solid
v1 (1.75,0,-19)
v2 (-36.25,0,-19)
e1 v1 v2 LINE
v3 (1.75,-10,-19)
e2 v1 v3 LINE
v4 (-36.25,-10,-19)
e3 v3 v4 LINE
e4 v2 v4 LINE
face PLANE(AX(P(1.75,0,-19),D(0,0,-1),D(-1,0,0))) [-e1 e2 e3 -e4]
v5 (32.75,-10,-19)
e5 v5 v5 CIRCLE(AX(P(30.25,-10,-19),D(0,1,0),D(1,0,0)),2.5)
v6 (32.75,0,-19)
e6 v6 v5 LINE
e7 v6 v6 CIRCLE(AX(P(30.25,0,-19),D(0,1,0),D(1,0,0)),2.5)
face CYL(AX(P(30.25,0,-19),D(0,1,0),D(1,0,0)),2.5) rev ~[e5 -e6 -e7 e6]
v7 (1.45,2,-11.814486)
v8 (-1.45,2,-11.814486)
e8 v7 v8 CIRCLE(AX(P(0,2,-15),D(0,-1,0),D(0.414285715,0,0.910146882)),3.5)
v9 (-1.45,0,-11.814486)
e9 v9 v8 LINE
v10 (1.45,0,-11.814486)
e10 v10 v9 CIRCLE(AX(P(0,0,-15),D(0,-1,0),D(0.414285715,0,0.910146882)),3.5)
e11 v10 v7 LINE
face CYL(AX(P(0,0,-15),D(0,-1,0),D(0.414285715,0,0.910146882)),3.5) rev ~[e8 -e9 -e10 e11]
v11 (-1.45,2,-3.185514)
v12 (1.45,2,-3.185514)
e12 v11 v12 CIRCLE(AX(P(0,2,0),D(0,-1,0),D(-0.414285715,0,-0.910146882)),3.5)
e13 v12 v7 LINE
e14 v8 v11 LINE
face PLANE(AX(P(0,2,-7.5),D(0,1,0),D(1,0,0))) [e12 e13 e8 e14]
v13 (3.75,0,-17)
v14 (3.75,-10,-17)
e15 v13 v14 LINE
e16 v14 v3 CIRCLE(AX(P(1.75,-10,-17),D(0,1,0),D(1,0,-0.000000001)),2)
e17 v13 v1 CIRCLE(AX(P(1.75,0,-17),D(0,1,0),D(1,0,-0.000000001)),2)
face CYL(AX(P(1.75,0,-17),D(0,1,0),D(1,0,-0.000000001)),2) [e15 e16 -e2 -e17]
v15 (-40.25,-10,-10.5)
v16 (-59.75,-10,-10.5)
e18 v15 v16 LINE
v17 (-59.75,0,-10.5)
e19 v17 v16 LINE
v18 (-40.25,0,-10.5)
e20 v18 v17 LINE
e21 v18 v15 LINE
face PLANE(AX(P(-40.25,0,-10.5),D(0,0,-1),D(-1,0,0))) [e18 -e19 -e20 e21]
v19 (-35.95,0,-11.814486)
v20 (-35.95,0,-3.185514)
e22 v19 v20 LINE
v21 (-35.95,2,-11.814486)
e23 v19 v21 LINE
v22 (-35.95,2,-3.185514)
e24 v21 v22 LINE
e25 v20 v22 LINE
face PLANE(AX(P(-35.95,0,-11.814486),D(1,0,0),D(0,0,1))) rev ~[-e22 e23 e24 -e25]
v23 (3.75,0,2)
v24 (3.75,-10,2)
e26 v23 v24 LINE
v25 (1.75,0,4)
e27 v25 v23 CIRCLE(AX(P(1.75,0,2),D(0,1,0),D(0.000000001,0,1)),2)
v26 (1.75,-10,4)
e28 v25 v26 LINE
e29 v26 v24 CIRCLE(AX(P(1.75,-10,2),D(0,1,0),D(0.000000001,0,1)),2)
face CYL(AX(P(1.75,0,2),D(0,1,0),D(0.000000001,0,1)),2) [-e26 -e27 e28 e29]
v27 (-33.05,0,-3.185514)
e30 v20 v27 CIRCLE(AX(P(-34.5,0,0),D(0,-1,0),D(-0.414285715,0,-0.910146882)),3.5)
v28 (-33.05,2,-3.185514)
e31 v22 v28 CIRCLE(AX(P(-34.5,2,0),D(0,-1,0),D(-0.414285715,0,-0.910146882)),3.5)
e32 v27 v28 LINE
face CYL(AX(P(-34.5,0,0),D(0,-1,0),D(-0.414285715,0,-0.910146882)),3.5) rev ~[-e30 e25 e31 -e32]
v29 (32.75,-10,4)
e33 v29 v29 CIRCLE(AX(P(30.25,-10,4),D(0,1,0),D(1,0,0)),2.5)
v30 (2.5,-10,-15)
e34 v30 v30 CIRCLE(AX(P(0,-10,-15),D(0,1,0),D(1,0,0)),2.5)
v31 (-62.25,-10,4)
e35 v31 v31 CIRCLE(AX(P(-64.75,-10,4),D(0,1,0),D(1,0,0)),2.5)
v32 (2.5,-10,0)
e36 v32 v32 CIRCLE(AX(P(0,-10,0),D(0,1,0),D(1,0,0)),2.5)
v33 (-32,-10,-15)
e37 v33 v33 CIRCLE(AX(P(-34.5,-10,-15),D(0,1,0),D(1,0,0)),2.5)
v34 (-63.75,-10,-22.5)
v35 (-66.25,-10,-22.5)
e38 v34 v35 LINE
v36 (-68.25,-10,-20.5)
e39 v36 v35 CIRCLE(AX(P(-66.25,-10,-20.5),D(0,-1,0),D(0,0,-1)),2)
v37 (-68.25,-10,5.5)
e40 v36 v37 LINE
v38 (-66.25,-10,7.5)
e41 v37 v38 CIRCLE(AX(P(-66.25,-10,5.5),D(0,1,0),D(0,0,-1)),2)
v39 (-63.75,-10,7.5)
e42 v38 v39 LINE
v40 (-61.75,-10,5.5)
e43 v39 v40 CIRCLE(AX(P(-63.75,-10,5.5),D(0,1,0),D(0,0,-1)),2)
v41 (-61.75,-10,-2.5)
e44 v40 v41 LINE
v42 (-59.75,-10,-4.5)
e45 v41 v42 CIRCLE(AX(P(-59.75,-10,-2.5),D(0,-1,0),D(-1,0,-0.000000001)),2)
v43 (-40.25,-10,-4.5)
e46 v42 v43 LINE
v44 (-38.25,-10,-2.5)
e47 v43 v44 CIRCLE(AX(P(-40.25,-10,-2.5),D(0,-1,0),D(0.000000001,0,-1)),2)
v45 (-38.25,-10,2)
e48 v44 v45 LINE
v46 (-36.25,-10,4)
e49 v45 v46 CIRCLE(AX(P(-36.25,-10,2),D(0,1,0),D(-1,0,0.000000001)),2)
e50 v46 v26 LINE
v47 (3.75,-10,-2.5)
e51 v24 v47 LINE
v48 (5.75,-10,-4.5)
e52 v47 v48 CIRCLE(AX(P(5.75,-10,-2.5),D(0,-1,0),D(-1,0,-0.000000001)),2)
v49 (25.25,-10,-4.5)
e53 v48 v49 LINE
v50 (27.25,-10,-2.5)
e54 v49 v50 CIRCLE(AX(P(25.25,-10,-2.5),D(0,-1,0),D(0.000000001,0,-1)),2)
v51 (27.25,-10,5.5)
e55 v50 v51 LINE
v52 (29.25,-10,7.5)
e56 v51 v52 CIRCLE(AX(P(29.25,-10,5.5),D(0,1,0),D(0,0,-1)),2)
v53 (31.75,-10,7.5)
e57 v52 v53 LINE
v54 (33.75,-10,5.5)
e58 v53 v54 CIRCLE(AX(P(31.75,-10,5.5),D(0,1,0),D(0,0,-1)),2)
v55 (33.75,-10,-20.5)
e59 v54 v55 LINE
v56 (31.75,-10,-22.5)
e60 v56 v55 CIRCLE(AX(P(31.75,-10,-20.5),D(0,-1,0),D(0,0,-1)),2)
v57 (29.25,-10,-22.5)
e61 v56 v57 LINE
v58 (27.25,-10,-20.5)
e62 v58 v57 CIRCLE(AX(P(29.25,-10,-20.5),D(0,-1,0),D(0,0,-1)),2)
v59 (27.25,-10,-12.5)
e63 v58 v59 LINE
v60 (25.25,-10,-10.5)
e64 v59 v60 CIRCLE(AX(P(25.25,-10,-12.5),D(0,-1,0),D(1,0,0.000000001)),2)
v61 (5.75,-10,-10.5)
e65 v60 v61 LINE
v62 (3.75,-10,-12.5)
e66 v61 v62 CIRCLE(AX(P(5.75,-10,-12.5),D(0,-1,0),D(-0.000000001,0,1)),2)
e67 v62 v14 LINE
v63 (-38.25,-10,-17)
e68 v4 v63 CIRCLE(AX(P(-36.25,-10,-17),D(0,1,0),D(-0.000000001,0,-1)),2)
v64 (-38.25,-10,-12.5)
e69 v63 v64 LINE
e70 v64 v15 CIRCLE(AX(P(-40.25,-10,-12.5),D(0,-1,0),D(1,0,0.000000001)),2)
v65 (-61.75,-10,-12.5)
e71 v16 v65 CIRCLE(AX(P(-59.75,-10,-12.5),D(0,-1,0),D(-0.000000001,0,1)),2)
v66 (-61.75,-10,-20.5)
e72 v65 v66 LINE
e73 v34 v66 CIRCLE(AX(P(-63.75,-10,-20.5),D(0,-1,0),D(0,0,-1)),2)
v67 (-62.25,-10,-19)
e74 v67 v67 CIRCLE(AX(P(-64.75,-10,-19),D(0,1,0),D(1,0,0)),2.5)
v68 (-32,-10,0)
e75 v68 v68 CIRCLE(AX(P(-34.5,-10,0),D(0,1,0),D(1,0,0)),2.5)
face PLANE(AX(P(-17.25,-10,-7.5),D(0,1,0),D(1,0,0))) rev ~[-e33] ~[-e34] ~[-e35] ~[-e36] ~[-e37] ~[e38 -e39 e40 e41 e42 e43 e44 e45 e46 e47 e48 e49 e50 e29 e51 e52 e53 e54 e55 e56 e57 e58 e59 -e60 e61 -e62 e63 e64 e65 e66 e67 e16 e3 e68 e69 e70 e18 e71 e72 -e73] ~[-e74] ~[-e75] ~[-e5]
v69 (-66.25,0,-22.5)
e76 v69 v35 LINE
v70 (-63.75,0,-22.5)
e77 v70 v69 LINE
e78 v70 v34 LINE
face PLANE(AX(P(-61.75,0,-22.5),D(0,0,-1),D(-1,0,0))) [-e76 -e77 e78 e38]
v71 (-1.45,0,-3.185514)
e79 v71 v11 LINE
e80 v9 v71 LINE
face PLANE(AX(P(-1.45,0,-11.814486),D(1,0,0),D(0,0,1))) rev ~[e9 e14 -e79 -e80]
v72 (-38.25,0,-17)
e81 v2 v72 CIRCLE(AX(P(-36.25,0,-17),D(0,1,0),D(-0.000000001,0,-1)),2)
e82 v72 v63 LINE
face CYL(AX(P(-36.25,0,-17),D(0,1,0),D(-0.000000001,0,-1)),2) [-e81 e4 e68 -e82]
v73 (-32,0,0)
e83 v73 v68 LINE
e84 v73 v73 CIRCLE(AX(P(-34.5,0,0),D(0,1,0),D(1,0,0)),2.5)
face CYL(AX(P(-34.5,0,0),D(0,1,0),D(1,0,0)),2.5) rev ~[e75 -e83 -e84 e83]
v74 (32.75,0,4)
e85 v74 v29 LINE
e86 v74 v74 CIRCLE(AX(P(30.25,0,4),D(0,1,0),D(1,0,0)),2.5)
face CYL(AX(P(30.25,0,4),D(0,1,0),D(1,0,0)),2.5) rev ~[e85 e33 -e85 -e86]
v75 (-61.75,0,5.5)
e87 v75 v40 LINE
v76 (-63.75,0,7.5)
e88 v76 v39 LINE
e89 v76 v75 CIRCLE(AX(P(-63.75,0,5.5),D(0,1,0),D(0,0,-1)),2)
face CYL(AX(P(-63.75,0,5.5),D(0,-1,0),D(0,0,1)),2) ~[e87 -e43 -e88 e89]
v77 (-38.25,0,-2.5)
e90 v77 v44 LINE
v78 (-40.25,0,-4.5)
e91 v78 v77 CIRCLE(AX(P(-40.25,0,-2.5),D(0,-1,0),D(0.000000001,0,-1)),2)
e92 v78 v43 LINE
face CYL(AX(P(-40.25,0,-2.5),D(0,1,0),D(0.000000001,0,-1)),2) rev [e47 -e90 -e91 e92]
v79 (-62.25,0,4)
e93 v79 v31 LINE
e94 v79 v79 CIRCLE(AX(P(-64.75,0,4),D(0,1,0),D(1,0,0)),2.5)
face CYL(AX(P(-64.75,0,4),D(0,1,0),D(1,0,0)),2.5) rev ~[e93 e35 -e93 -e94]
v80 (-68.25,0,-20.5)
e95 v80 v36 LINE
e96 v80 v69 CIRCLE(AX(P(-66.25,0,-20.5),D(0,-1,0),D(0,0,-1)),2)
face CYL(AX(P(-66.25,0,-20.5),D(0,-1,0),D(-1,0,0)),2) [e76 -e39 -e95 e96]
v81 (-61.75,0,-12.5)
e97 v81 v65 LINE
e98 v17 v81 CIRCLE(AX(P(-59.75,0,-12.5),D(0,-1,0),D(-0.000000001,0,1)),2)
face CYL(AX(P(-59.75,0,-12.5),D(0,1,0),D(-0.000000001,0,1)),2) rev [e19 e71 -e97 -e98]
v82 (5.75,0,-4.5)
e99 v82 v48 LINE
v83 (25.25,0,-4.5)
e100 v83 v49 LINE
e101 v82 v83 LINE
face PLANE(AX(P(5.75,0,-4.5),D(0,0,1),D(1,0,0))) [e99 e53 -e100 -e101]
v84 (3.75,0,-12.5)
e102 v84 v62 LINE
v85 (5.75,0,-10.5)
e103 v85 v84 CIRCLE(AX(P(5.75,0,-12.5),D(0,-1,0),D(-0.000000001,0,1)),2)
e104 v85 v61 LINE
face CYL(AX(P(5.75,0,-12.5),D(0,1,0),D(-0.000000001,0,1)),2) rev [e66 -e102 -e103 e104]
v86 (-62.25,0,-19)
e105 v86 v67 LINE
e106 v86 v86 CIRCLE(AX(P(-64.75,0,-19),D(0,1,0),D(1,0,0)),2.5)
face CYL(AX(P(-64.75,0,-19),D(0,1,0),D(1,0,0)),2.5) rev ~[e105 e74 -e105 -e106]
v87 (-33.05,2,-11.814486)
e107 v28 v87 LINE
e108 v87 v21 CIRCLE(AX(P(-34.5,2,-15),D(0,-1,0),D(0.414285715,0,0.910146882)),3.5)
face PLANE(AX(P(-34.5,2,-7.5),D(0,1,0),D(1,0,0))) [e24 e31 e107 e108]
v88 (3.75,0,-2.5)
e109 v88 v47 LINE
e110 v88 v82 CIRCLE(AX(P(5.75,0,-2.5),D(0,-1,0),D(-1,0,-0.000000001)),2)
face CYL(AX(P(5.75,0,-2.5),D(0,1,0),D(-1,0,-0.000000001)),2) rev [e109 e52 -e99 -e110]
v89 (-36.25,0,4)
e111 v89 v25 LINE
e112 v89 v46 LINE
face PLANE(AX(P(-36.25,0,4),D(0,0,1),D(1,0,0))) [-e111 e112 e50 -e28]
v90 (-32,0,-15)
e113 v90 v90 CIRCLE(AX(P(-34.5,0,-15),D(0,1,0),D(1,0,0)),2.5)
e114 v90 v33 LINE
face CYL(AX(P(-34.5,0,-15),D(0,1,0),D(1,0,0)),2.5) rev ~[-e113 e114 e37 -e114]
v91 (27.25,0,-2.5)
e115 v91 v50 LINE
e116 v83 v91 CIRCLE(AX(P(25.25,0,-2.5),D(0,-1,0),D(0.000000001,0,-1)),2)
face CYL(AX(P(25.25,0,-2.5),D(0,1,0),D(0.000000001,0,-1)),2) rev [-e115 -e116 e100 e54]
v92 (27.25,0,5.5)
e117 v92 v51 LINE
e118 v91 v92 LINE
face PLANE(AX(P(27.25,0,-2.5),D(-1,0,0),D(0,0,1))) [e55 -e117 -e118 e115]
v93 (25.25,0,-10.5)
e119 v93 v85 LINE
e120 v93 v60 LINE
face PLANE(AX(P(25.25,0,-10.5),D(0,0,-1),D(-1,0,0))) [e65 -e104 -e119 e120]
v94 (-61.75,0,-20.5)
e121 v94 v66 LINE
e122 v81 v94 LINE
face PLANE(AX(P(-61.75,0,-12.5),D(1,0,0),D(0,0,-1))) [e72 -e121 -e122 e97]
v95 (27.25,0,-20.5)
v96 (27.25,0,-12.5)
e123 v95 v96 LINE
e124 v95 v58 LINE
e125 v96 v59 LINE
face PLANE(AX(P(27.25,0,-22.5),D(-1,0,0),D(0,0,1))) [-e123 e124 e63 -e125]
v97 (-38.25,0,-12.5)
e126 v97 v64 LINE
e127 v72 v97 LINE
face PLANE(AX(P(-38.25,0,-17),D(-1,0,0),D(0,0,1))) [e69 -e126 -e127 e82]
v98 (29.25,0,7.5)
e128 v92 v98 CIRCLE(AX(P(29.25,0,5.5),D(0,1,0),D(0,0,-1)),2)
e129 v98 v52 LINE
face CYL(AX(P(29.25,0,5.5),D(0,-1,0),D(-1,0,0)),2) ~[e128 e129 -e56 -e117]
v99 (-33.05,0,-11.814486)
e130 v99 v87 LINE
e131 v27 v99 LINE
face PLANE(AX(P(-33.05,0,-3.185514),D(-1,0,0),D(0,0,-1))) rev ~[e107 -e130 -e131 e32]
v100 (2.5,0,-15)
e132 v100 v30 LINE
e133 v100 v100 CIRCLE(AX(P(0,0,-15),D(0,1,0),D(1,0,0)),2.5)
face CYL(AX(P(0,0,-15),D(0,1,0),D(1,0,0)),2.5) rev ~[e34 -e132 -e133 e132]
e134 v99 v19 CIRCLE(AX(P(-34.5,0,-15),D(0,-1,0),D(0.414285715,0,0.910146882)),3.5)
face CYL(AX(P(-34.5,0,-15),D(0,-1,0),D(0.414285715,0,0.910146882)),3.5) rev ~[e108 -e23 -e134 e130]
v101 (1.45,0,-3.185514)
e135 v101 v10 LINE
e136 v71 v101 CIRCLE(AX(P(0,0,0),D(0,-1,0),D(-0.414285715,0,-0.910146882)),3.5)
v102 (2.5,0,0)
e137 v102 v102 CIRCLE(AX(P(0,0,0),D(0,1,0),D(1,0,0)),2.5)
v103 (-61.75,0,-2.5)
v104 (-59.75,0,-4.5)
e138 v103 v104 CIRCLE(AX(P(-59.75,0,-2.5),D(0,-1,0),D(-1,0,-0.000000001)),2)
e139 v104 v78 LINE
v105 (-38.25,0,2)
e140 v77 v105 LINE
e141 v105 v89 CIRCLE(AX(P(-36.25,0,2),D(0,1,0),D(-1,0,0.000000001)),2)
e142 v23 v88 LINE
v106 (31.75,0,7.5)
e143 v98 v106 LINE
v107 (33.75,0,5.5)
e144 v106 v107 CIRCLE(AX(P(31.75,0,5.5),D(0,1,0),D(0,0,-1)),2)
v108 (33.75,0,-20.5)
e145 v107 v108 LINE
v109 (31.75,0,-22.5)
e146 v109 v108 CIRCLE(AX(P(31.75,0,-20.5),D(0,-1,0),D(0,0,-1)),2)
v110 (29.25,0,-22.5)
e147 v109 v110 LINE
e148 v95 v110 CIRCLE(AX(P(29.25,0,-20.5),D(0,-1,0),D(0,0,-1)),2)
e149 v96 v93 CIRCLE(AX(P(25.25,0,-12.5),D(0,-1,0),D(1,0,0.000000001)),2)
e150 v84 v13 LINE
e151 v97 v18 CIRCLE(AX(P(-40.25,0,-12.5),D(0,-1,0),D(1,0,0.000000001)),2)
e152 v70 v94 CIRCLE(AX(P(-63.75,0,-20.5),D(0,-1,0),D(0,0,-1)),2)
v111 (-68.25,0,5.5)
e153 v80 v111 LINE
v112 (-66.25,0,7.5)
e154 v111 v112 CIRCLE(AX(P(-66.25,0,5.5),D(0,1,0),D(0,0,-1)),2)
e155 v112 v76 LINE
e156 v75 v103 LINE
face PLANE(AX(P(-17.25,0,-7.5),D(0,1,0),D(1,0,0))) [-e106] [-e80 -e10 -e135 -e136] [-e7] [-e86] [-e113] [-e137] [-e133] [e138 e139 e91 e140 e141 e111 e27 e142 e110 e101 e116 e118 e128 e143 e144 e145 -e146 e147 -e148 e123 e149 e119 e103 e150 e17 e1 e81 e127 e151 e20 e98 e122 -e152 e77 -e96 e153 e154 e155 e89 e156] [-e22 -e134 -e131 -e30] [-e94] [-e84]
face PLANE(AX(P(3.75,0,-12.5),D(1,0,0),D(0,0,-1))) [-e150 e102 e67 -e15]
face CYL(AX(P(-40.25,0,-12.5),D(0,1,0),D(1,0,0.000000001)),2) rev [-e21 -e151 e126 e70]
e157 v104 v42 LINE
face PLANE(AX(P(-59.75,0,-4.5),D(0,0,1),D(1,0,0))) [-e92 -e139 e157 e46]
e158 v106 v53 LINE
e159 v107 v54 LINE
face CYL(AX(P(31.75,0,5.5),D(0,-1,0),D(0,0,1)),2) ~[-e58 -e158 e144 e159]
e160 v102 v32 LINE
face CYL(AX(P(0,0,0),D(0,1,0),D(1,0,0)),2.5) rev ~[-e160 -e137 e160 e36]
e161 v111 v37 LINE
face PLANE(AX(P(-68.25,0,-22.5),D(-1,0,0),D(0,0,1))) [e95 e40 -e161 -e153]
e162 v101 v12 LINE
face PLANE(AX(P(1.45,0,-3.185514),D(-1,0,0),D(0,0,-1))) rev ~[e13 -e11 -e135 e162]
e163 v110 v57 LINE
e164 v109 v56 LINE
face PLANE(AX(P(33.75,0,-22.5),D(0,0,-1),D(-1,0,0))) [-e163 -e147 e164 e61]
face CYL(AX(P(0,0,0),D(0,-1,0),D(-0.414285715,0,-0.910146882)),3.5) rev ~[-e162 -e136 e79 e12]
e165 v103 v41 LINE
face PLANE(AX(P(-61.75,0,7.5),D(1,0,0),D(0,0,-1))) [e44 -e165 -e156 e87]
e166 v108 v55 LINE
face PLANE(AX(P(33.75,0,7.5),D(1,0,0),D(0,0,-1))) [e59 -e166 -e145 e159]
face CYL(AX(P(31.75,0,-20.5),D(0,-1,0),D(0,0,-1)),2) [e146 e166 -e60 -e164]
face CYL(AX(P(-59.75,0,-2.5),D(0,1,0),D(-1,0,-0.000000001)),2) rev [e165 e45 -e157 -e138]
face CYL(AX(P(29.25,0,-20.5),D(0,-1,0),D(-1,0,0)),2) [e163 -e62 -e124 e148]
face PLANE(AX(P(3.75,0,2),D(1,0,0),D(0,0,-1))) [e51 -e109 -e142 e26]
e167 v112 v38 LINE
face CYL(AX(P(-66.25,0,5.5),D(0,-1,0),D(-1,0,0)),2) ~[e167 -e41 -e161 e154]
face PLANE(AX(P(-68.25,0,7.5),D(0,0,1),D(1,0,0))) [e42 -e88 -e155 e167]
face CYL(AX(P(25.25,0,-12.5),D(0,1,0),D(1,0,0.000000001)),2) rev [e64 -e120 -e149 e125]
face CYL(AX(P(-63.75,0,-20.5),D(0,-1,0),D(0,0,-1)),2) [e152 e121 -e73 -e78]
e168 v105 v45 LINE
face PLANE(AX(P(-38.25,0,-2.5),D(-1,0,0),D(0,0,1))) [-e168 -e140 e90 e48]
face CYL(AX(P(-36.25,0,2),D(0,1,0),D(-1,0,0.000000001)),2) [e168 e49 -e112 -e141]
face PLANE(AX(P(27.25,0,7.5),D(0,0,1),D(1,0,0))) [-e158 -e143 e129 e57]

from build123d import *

# Parameters (mm, degrees)
SKETCH2_R           = 2.5
BOSS_EXTRUDE1_DEPTH = 10
BOSS_EXTRUDE2_DEPTH = 2
FILLET1_R           = 2


with BuildPart() as part:
    # Sketch2 → Boss-Extrude1 (new body)
    with BuildSketch(Plane(origin=(0, 0, 0), x_dir=(1, 0, 0), z_dir=(0, 1, 0))):
        with BuildLine():
            Line((-68.25, 22.5), (-68.25, -7.5))
            Line((-68.25, -7.5), (-61.75, -7.5))
            Line((-61.75, -7.5), (-61.75, 2.5))
            ThreePointArc((-61.75, 2.5), (-61.164213562, 3.914213562), (-59.75, 4.5))
            Line((-59.75, 4.5), (-40.25, 4.5))
            ThreePointArc((-40.25, 4.5), (-38.835786438, 3.914213562), (-38.25, 2.5))
            Line((-38.25, 2.5), (-38.25, -2))
            ThreePointArc((-38.25, -2), (-37.664213562, -3.414213562), (-36.25, -4))
            Line((-36.25, -4), (1.75, -4))
            ThreePointArc((1.75, -4), (3.164213562, -3.414213562), (3.75, -2))
            Line((3.75, -2), (3.75, 2.5))
            ThreePointArc((3.75, 2.5), (4.335786438, 3.914213562), (5.75, 4.5))
            Line((5.75, 4.5), (25.25, 4.5))
            ThreePointArc((25.25, 4.5), (26.664213562, 3.914213562), (27.25, 2.5))
            Line((27.25, 2.5), (27.25, -7.5))
            Line((27.25, -7.5), (33.75, -7.5))
            Line((33.75, -7.5), (33.75, 22.5))
            Line((33.75, 22.5), (27.25, 22.5))
            Line((27.25, 22.5), (27.25, 12.5))
            ThreePointArc((27.25, 12.5), (26.664213562, 11.085786438), (25.25, 10.5))
            Line((25.25, 10.5), (5.75, 10.5))
            ThreePointArc((5.75, 10.5), (4.335786438, 11.085786438), (3.75, 12.5))
            Line((3.75, 12.5), (3.75, 17))
            ThreePointArc((3.75, 17), (3.164213562, 18.414213562), (1.75, 19))
            Line((1.75, 19), (-36.25, 19))
            ThreePointArc((-36.25, 19), (-37.664213562, 18.414213562), (-38.25, 17))
            Line((-38.25, 17), (-38.25, 12.5))
            ThreePointArc((-38.25, 12.5), (-38.835786438, 11.085786438), (-40.25, 10.5))
            Line((-40.25, 10.5), (-59.75, 10.5))
            ThreePointArc((-59.75, 10.5), (-61.164213562, 11.085786438), (-61.75, 12.5))
            Line((-61.75, 12.5), (-61.75, 22.5))
            Line((-61.75, 22.5), (-68.25, 22.5))
        make_face()
        with Locations((-34.5, 0)):
            Circle(SKETCH2_R, mode=Mode.SUBTRACT)
        Circle(SKETCH2_R, mode=Mode.SUBTRACT)
        with Locations((-34.5, 15)):
            Circle(SKETCH2_R, mode=Mode.SUBTRACT)
        with Locations((0, 15)):
            Circle(SKETCH2_R, mode=Mode.SUBTRACT)
        with Locations((30.25, 19)):
            Circle(SKETCH2_R, mode=Mode.SUBTRACT)
        with Locations((30.25, -4)):
            Circle(SKETCH2_R, mode=Mode.SUBTRACT)
        with Locations((-64.75, -4)):
            Circle(SKETCH2_R, mode=Mode.SUBTRACT)
        with Locations((-64.75, 19)):
            Circle(SKETCH2_R, mode=Mode.SUBTRACT)
    extrude(amount=-BOSS_EXTRUDE1_DEPTH)

    # Sketch3 → Boss-Extrude2 (add)
    with BuildSketch(Plane(origin=(0, 0, 0), x_dir=(1, 0, 0), z_dir=(0, 1, 0))):
        with BuildLine():
            Line((-35.95, 11.814485913), (-35.95, 3.185514087))
            ThreePointArc((-35.95, 3.185514087), (-34.5, 3.5), (-33.05, 3.185514087))
            Line((-33.05, 3.185514087), (-33.05, 11.814485913))
            ThreePointArc((-33.05, 11.814485913), (-34.5, 11.5), (-35.95, 11.814485913))
        make_face()
        with BuildLine():
            ThreePointArc((-1.45, 3.185514087), (0, 3.5), (1.45, 3.185514087))
            Line((1.45, 3.185514087), (1.45, 11.814485913))
            ThreePointArc((1.45, 11.814485913), (0, 11.5), (-1.45, 11.814485913))
            Line((-1.45, 11.814485913), (-1.45, 3.185514087))
        make_face()
    extrude(amount=BOSS_EXTRUDE2_DEPTH)

    # Fillet1
    fillet1_edges = [part.edges().sort_by_distance(p)[0] for p in [
        (27.25, -5, -22.5),
        (33.75, -5, -22.5),
        (33.75, -5, 7.5),
        (27.25, -5, 7.5),
        (-61.75, -5, 7.5),
        (-68.25, -5, 7.5),
        (-68.25, -5, -22.5),
        (-61.75, -5, -22.5),
    ]]
    fillet(fillet1_edges, radius=FILLET1_R)


solid = part.part
